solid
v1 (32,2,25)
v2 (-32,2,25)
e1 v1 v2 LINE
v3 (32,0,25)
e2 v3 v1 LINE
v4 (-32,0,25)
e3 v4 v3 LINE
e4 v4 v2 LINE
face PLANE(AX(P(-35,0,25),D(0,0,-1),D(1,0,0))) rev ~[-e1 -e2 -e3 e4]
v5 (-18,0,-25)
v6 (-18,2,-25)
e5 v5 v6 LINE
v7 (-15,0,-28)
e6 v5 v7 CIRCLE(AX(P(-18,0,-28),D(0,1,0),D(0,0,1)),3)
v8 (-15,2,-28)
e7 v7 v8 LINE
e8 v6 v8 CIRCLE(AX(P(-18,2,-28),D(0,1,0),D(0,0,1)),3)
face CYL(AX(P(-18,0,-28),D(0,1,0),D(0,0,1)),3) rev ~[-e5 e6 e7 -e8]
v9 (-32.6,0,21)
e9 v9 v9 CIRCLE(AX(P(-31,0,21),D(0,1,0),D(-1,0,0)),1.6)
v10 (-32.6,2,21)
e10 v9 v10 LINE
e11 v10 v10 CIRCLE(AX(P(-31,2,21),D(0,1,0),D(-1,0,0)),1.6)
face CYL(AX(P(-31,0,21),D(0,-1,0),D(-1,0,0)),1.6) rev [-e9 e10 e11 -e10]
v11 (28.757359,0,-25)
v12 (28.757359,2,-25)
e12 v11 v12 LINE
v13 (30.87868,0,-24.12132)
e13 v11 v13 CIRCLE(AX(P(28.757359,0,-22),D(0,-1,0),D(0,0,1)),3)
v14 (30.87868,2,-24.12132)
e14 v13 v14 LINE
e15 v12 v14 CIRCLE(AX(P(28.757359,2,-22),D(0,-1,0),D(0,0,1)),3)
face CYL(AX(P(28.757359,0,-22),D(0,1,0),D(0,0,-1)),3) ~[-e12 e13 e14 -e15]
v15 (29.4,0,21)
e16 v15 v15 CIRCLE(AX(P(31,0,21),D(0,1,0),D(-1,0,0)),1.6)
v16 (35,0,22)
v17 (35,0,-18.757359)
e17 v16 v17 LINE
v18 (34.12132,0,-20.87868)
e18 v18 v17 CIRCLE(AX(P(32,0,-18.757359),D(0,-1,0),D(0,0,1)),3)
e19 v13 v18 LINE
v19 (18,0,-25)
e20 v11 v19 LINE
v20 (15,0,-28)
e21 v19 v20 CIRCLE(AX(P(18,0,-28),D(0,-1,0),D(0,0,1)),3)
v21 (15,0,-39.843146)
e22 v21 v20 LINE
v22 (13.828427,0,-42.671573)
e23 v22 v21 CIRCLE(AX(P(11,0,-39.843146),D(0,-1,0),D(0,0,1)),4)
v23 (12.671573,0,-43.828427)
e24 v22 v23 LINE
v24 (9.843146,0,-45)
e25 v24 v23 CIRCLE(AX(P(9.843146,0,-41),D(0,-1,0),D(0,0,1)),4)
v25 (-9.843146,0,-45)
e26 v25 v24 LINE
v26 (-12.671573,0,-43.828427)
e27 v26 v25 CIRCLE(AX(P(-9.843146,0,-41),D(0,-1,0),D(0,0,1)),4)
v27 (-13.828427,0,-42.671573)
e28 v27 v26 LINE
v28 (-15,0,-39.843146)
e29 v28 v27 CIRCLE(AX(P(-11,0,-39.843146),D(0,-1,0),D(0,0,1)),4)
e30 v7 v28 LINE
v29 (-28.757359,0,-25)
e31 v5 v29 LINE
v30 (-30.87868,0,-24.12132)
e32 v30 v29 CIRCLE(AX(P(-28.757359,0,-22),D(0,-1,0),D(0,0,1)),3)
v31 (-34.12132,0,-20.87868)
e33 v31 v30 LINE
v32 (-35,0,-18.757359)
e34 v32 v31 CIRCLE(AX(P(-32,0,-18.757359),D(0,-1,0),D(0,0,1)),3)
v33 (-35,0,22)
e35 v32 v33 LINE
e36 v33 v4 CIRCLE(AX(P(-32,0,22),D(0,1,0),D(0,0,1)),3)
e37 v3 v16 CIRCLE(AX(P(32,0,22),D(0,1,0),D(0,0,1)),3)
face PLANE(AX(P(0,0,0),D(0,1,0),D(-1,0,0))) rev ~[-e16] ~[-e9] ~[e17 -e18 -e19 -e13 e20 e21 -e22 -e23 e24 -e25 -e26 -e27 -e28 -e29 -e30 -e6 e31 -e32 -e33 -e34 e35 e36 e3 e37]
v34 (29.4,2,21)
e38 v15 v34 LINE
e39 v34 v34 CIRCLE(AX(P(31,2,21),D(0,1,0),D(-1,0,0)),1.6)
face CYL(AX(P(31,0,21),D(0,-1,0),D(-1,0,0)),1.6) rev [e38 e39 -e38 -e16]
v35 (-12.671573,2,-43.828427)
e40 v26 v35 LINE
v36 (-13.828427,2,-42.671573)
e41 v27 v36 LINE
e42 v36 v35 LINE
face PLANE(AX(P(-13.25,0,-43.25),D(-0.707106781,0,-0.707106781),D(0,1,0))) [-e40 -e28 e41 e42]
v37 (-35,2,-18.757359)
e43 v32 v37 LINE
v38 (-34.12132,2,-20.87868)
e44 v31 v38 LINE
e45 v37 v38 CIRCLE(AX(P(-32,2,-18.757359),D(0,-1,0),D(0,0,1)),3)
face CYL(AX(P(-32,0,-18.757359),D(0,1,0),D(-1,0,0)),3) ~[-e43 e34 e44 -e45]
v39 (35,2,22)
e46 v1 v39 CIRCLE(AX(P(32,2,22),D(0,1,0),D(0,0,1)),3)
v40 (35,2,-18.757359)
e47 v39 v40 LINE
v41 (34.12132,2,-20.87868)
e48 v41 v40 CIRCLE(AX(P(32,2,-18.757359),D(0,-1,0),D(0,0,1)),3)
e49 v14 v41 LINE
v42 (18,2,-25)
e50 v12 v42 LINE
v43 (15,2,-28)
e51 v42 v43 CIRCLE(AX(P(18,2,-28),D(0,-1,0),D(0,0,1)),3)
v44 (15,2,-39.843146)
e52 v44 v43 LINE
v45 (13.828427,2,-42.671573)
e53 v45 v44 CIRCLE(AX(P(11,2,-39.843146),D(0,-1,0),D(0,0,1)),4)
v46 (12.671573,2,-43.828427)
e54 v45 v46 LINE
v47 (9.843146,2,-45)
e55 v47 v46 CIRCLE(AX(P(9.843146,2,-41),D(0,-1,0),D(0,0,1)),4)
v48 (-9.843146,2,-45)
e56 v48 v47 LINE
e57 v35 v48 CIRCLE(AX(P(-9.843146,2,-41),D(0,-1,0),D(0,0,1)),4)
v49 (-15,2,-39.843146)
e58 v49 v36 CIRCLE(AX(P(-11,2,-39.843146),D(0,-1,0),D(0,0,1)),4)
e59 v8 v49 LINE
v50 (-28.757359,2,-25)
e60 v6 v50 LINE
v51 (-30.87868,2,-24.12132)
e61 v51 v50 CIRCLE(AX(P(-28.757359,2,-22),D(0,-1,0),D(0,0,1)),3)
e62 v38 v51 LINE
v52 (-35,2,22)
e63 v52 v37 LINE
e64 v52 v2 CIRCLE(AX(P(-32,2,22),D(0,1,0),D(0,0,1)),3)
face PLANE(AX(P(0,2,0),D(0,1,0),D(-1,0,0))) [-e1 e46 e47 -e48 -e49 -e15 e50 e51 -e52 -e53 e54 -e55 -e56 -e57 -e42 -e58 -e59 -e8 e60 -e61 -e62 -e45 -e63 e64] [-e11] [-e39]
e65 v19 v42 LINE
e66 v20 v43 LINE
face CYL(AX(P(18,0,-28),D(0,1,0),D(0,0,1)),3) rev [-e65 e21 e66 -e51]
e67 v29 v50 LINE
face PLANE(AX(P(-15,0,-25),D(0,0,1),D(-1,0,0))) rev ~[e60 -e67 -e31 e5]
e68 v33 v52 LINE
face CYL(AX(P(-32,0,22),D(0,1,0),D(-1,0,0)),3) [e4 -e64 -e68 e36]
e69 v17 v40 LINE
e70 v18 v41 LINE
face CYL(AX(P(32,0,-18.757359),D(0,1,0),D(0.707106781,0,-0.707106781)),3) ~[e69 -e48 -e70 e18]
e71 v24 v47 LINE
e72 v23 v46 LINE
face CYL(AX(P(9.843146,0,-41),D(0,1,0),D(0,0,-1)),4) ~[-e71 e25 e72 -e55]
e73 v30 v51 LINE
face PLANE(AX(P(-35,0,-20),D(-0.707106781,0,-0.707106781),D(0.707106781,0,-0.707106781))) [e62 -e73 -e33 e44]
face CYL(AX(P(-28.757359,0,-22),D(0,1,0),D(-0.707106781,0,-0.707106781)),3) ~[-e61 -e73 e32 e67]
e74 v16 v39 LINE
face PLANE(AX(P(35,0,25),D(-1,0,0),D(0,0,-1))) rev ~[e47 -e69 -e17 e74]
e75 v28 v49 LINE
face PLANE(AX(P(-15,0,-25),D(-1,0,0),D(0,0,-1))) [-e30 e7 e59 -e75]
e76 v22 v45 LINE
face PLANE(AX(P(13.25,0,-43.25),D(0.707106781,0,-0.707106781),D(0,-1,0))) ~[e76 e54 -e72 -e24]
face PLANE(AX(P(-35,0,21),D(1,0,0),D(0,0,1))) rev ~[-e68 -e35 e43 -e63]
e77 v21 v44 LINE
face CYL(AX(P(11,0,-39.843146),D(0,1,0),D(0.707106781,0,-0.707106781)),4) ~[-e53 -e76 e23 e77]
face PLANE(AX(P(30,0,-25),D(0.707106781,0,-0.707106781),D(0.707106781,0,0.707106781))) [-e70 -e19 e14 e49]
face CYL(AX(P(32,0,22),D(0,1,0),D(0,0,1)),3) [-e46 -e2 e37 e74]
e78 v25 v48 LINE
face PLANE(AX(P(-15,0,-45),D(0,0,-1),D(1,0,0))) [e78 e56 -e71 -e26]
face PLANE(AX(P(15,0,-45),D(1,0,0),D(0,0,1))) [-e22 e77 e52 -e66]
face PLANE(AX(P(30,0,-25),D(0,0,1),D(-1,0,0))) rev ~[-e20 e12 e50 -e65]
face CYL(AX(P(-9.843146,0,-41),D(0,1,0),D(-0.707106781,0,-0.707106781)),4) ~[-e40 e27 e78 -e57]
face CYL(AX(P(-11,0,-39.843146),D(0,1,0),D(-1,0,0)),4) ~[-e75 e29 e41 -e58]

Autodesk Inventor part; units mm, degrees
ref_plane "YZ Plane" through (0, 0, 0) normal (1, 0, 0) x (0, 1, 0)
ref_plane "XZ Plane" through (0, 0, 0) normal (0, 1, 0) x (-1, 0, 0)
ref_plane "XY Plane" through (0, 0, 0) normal (0, 0, 1) x (1, 0, 0)
sketch "Sketch1" plane through (0, 0, 0) normal (0, 1, 0) x (-1, 0, 0)
  line L0 (35, 25) -> (-35, 25)
  line L1 (-35, 25) -> (-35, -20)
  line L2 (-30, -25) -> (30, -25)
  line L3 (35, -20) -> (35, 25)
  line L4 (35, 25) -> (-35, -25) construction
  line L5 (-35, 25) -> (35, -25) construction
  line L6 (35, 25) -> (31, 25)
  line L7 (31, 25) -> (31, 21) construction
  line L8 (31, 21) -> (35, 21) construction
  line L9 (35, 21) -> (35, 25)
  line L10 (0, 25) -> (0, -25) construction
  circle A0 centre (31, 21) radius 1.6
  circle A1 centre (-31, 21) radius 1.6
  line L11 (15, -45) -> (-15, -45)
  line L12 (-15, -45) -> (-15, -5)
  line L13 (-15, -5) -> (15, -5)
  line L14 (15, -5) -> (15, -45)
  line L15 (15, -45) -> (-15, -5) construction
  line L16 (-15, -45) -> (15, -5) construction
  line L17 (27, 17) -> (35, 17) construction
  line L18 (35, 17) -> (35, 25) construction
  line L19 (35, 25) -> (27, 25) construction
  line L20 (27, 25) -> (27, 17) construction
  line L21 (27, 17) -> (35, 25) construction
  line L22 (35, 17) -> (27, 25) construction
  line L23 (-27, 17) -> (-35, 17) construction
  line L24 (-35, 17) -> (-35, 25) construction
  line L25 (-35, 25) -> (-27, 25) construction
  line L26 (-27, 25) -> (-27, 17) construction
  line L27 (-27, 17) -> (-35, 25) construction
  line L28 (-35, 17) -> (-27, 25) construction
  line L29 (35, -20) -> (30, -25)
  line L30 (-30, -25) -> (-35, -20)
  point P0 (0, 0)
  point P1 (15, -25)
  point P2 (-15, -25)
  dimension "d0" = 70
  dimension "d1" = 50
  dimension "d11" = 4
  dimension "d12" = 4
  dimension "d13" = 3.2
  dimension "d14" = 30
  dimension "d15" = 40
  dimension "d16" = 5
  dimension "d17" = 5
  dimension "d18" = 5
  dimension "d19" = 5
extrude "Extrusion1" add sketch "Sketch1" along normal blind 2
fillet "Fillet1" radius 3 8 edges at (-35, 1, 25) (35, 1, 25) (-15, 1, -25) (15, 1, -25) (30, 1, -25) (35, 1, -20) (-35, 1, -20) (-30, 1, -25)
chamfer "Chamfer1" distance 3.5 angle 45 2 edges at (-15, 1, -45) (15, 1, -45)
fillet "Fillet3" radius 4 4 edges at (15, 1, -41.5) (11.5, 1, -45) (-11.5, 1, -45) (-15, 1, -41.5)
sketch "Sketch2" plane through (0, 2, 0) normal (0, 1, 0) x (1, 0, 0)
  arc A0 (-9.8431, 45) -> (-12.6716, 43.8284) centre (-9.8431, 41) ccw projected
  line L0 (-9.8431, 45) -> (9.8431, 45) projected
  arc A1 (12.6716, 43.8284) -> (9.8431, 45) centre (9.8431, 41) ccw projected
  line L1 (12.6716, 43.8284) -> (13.8284, 42.6716) projected
  arc A2 (15, 39.8431) -> (13.8284, 42.6716) centre (11, 39.8431) ccw projected
  line L2 (15, 39.8431) -> (15, 28) projected
  arc A3 (15, 28) -> (18, 25) centre (18, 28) ccw projected
  line L3 (18, 25) -> (28.7574, 25) projected
  arc A4 (30.8787, 24.1213) -> (28.7574, 25) centre (28.7574, 22) ccw projected
  line L4 (30.8787, 24.1213) -> (34.1213, 20.8787) projected
  arc A5 (35, 18.7574) -> (34.1213, 20.8787) centre (32, 18.7574) ccw projected
  line L5 (35, 18.7574) -> (35, -22) projected
  arc A6 (32, -25) -> (35, -22) centre (32, -22) ccw projected
  line L6 (32, -25) -> (-32, -25) projected
  arc A7 (-35, -22) -> (-32, -25) centre (-32, -22) ccw projected
  line L7 (-35, -22) -> (-35, 18.7574) projected
  arc A8 (-34.1213, 20.8787) -> (-35, 18.7574) centre (-32, 18.7574) ccw projected
  line L8 (-34.1213, 20.8787) -> (-30.8787, 24.1213) projected
  arc A9 (-28.7574, 25) -> (-30.8787, 24.1213) centre (-28.7574, 22) ccw projected
  line L9 (-28.7574, 25) -> (-18, 25) projected
  arc A10 (-18, 25) -> (-15, 28) centre (-18, 28) ccw projected
  line L10 (-15, 28) -> (-15, 39.8431) projected
  arc A11 (-13.8284, 42.6716) -> (-15, 39.8431) centre (-11, 39.8431) ccw projected
  line L11 (-13.8284, 42.6716) -> (-12.6716, 43.8284) projected
  circle A12 centre (31, -21) radius 1.6 projected
  circle A13 centre (-31, -21) radius 1.6 projected
  line L12 (-13.31, 26.23) -> (-13.31, 38.93)
  line L13 (-13.31, 38.93) -> (-8.23, 38.93)
  line L14 (-8.23, 38.93) -> (-8.23, 26.23)
  line L15 (-8.23, 26.23) -> (-13.31, 26.23)
  line L16 (-12.14, 37.96) -> (-12.34, 37.96)
  line L17 (-12.34, 37.96) -> (-12.34, 37.36)
  line L18 (-12.34, 37.36) -> (-12.14, 37.36)
  line L19 (-12.14, 37.36) -> (-12.14, 37.41)
  line L20 (-12.14, 37.41) -> (-11.94, 37.41)
  line L21 (-11.94, 37.41) -> (-11.94, 37.36)
  line L22 (-11.94, 37.36) -> (-11.74, 37.36)
  line L23 (-11.74, 37.36) -> (-11.74, 37.96)
  line L24 (-11.74, 37.96) -> (-11.94, 37.96)
  line L25 (-11.94, 37.96) -> (-11.94, 37.91)
  line L26 (-11.94, 37.91) -> (-12.14, 37.91)
  line L27 (-12.14, 37.91) -> (-12.14, 37.96)
  line L28 (-12.14, 35.42) -> (-12.34, 35.42)
  line L29 (-12.34, 35.42) -> (-12.34, 34.82)
  line L30 (-12.34, 34.82) -> (-12.14, 34.82)
  line L31 (-12.14, 34.82) -> (-12.14, 34.87)
  line L32 (-12.14, 34.87) -> (-11.94, 34.87)
  line L33 (-11.94, 34.87) -> (-11.94, 34.82)
  line L34 (-11.94, 34.82) -> (-11.74, 34.82)
  line L35 (-11.74, 34.82) -> (-11.74, 35.42)
  line L36 (-11.74, 35.42) -> (-11.94, 35.42)
  line L37 (-11.94, 35.42) -> (-11.94, 35.37)
  line L38 (-11.94, 35.37) -> (-12.14, 35.37)
  line L39 (-12.14, 35.37) -> (-12.14, 35.42)
  line L40 (-12.14, 32.88) -> (-12.34, 32.88)
  line L41 (-12.34, 32.88) -> (-12.34, 32.28)
  line L42 (-12.34, 32.28) -> (-12.14, 32.28)
  line L43 (-12.14, 32.28) -> (-12.14, 32.33)
  line L44 (-12.14, 32.33) -> (-11.94, 32.33)
  line L45 (-11.94, 32.33) -> (-11.94, 32.28)
  line L46 (-11.94, 32.28) -> (-11.74, 32.28)
  line L47 (-11.74, 32.28) -> (-11.74, 32.88)
  line L48 (-11.74, 32.88) -> (-11.94, 32.88)
  line L49 (-11.94, 32.88) -> (-11.94, 32.83)
  line L50 (-11.94, 32.83) -> (-12.14, 32.83)
  line L51 (-12.14, 32.83) -> (-12.14, 32.88)
  line L52 (-12.14, 30.34) -> (-12.34, 30.34)
  line L53 (-12.34, 30.34) -> (-12.34, 29.74)
  line L54 (-12.34, 29.74) -> (-12.14, 29.74)
  line L55 (-12.14, 29.74) -> (-12.14, 29.79)
  line L56 (-12.14, 29.79) -> (-11.94, 29.79)
  line L57 (-11.94, 29.79) -> (-11.94, 29.74)
  line L58 (-11.94, 29.74) -> (-11.74, 29.74)
  line L59 (-11.74, 29.74) -> (-11.74, 30.34)
  line L60 (-11.74, 30.34) -> (-11.94, 30.34)
  line L61 (-11.94, 30.34) -> (-11.94, 30.29)
  line L62 (-11.94, 30.29) -> (-12.14, 30.29)
  line L63 (-12.14, 30.29) -> (-12.14, 30.34)
  line L64 (-12.14, 27.8) -> (-12.34, 27.8)
  line L65 (-12.34, 27.8) -> (-12.34, 27.2)
  line L66 (-12.34, 27.2) -> (-12.14, 27.2)
  line L67 (-12.14, 27.2) -> (-12.14, 27.25)
  line L68 (-12.14, 27.25) -> (-11.94, 27.25)
  line L69 (-11.94, 27.25) -> (-11.94, 27.2)
  line L70 (-11.94, 27.2) -> (-11.74, 27.2)
  line L71 (-11.74, 27.2) -> (-11.74, 27.8)
  line L72 (-11.74, 27.8) -> (-11.94, 27.8)
  line L73 (-11.94, 27.8) -> (-11.94, 27.75)
  line L74 (-11.94, 27.75) -> (-12.14, 27.75)
  line L75 (-12.14, 27.75) -> (-12.14, 27.8)
  line L76 (-9.4, 37.36) -> (-9.2, 37.36)
  line L77 (-9.2, 37.36) -> (-9.2, 37.96)
  line L78 (-9.2, 37.96) -> (-9.4, 37.96)
  line L79 (-9.4, 37.96) -> (-9.4, 37.91)
  line L80 (-9.4, 37.91) -> (-9.6, 37.91)
  line L81 (-9.6, 37.91) -> (-9.6, 37.96)
  line L82 (-9.6, 37.96) -> (-9.8, 37.96)
  line L83 (-9.8, 37.96) -> (-9.8, 37.36)
  line L84 (-9.8, 37.36) -> (-9.6, 37.36)
  line L85 (-9.6, 37.36) -> (-9.6, 37.41)
  line L86 (-9.6, 37.41) -> (-9.4, 37.41)
  line L87 (-9.4, 37.41) -> (-9.4, 37.36)
  line L88 (-9.4, 34.82) -> (-9.2, 34.82)
  line L89 (-9.2, 34.82) -> (-9.2, 35.42)
  line L90 (-9.2, 35.42) -> (-9.4, 35.42)
  line L91 (-9.4, 35.42) -> (-9.4, 35.37)
  line L92 (-9.4, 35.37) -> (-9.6, 35.37)
  line L93 (-9.6, 35.37) -> (-9.6, 35.42)
  line L94 (-9.6, 35.42) -> (-9.8, 35.42)
  line L95 (-9.8, 35.42) -> (-9.8, 34.82)
  line L96 (-9.8, 34.82) -> (-9.6, 34.82)
  line L97 (-9.6, 34.82) -> (-9.6, 34.87)
  line L98 (-9.6, 34.87) -> (-9.4, 34.87)
  line L99 (-9.4, 34.87) -> (-9.4, 34.82)
  line L100 (-9.4, 32.28) -> (-9.2, 32.28)
  line L101 (-9.2, 32.28) -> (-9.2, 32.88)
  line L102 (-9.2, 32.88) -> (-9.4, 32.88)
  line L103 (-9.4, 32.88) -> (-9.4, 32.83)
  line L104 (-9.4, 32.83) -> (-9.6, 32.83)
  line L105 (-9.6, 32.83) -> (-9.6, 32.88)
  line L106 (-9.6, 32.88) -> (-9.8, 32.88)
  line L107 (-9.8, 32.88) -> (-9.8, 32.28)
  line L108 (-9.8, 32.28) -> (-9.6, 32.28)
  line L109 (-9.6, 32.28) -> (-9.6, 32.33)
  line L110 (-9.6, 32.33) -> (-9.4, 32.33)
  line L111 (-9.4, 32.33) -> (-9.4, 32.28)
  line L112 (-9.4, 29.74) -> (-9.2, 29.74)
  line L113 (-9.2, 29.74) -> (-9.2, 30.34)
  line L114 (-9.2, 30.34) -> (-9.4, 30.34)
  line L115 (-9.4, 30.34) -> (-9.4, 30.29)
  line L116 (-9.4, 30.29) -> (-9.6, 30.29)
  line L117 (-9.6, 30.29) -> (-9.6, 30.34)
  line L118 (-9.6, 30.34) -> (-9.8, 30.34)
  line L119 (-9.8, 30.34) -> (-9.8, 29.74)
  line L120 (-9.8, 29.74) -> (-9.6, 29.74)
  line L121 (-9.6, 29.74) -> (-9.6, 29.79)
  line L122 (-9.6, 29.79) -> (-9.4, 29.79)
  line L123 (-9.4, 29.79) -> (-9.4, 29.74)
  line L124 (-9.4, 27.2) -> (-9.2, 27.2)
  line L125 (-9.2, 27.2) -> (-9.2, 27.8)
  line L126 (-9.2, 27.8) -> (-9.4, 27.8)
  line L127 (-9.4, 27.8) -> (-9.4, 27.75)
  line L128 (-9.4, 27.75) -> (-9.6, 27.75)
  line L129 (-9.6, 27.75) -> (-9.6, 27.8)
  line L130 (-9.6, 27.8) -> (-9.8, 27.8)
  line L131 (-9.8, 27.8) -> (-9.8, 27.2)
  line L132 (-9.8, 27.2) -> (-9.6, 27.2)
  line L133 (-9.6, 27.2) -> (-9.6, 27.25)
  line L134 (-9.6, 27.25) -> (-9.4, 27.25)
  line L135 (-9.4, 27.25) -> (-9.4, 27.2)
  line L136 (8.23, 26.23) -> (8.23, 38.93)
  line L137 (8.23, 38.93) -> (13.31, 38.93)
  line L138 (13.31, 38.93) -> (13.31, 26.23)
  line L139 (13.31, 26.23) -> (8.23, 26.23)
  line L140 (9.4, 37.96) -> (9.2, 37.96)
  line L141 (9.2, 37.96) -> (9.2, 37.36)
  line L142 (9.2, 37.36) -> (9.4, 37.36)
  line L143 (9.4, 37.36) -> (9.4, 37.41)
  line L144 (9.4, 37.41) -> (9.6, 37.41)
  line L145 (9.6, 37.41) -> (9.6, 37.36)
  line L146 (9.6, 37.36) -> (9.8, 37.36)
  line L147 (9.8, 37.36) -> (9.8, 37.96)
  line L148 (9.8, 37.96) -> (9.6, 37.96)
  line L149 (9.6, 37.96) -> (9.6, 37.91)
  line L150 (9.6, 37.91) -> (9.4, 37.91)
  line L151 (9.4, 37.91) -> (9.4, 37.96)
  line L152 (9.4, 35.42) -> (9.2, 35.42)
  line L153 (9.2, 35.42) -> (9.2, 34.82)
  line L154 (9.2, 34.82) -> (9.4, 34.82)
  line L155 (9.4, 34.82) -> (9.4, 34.87)
  line L156 (9.4, 34.87) -> (9.6, 34.87)
  line L157 (9.6, 34.87) -> (9.6, 34.82)
  line L158 (9.6, 34.82) -> (9.8, 34.82)
  line L159 (9.8, 34.82) -> (9.8, 35.42)
  line L160 (9.8, 35.42) -> (9.6, 35.42)
  line L161 (9.6, 35.42) -> (9.6, 35.37)
  line L162 (9.6, 35.37) -> (9.4, 35.37)
  line L163 (9.4, 35.37) -> (9.4, 35.42)
  line L164 (9.4, 32.88) -> (9.2, 32.88)
  line L165 (9.2, 32.88) -> (9.2, 32.28)
  line L166 (9.2, 32.28) -> (9.4, 32.28)
  line L167 (9.4, 32.28) -> (9.4, 32.33)
  line L168 (9.4, 32.33) -> (9.6, 32.33)
  line L169 (9.6, 32.33) -> (9.6, 32.28)
  line L170 (9.6, 32.28) -> (9.8, 32.28)
  line L171 (9.8, 32.28) -> (9.8, 32.88)
  line L172 (9.8, 32.88) -> (9.6, 32.88)
  line L173 (9.6, 32.88) -> (9.6, 32.83)
  line L174 (9.6, 32.83) -> (9.4, 32.83)
  line L175 (9.4, 32.83) -> (9.4, 32.88)
  line L176 (9.4, 30.34) -> (9.2, 30.34)
  line L177 (9.2, 30.34) -> (9.2, 29.74)
  line L178 (9.2, 29.74) -> (9.4, 29.74)
  line L179 (9.4, 29.74) -> (9.4, 29.79)
  line L180 (9.4, 29.79) -> (9.6, 29.79)
  line L181 (9.6, 29.79) -> (9.6, 29.74)
  line L182 (9.6, 29.74) -> (9.8, 29.74)
  line L183 (9.8, 29.74) -> (9.8, 30.34)
  line L184 (9.8, 30.34) -> (9.6, 30.34)
  line L185 (9.6, 30.34) -> (9.6, 30.29)
  line L186 (9.6, 30.29) -> (9.4, 30.29)
  line L187 (9.4, 30.29) -> (9.4, 30.34)
  line L188 (9.4, 27.8) -> (9.2, 27.8)
  line L189 (9.2, 27.8) -> (9.2, 27.2)
  line L190 (9.2, 27.2) -> (9.4, 27.2)
  line L191 (9.4, 27.2) -> (9.4, 27.25)
  line L192 (9.4, 27.25) -> (9.6, 27.25)
  line L193 (9.6, 27.25) -> (9.6, 27.2)
  line L194 (9.6, 27.2) -> (9.8, 27.2)
  line L195 (9.8, 27.2) -> (9.8, 27.8)
  line L196 (9.8, 27.8) -> (9.6, 27.8)
  line L197 (9.6, 27.8) -> (9.6, 27.75)
  line L198 (9.6, 27.75) -> (9.4, 27.75)
  line L199 (9.4, 27.75) -> (9.4, 27.8)
  line L200 (12.14, 37.36) -> (12.34, 37.36)
  line L201 (12.34, 37.36) -> (12.34, 37.96)
  line L202 (12.34, 37.96) -> (12.14, 37.96)
  line L203 (12.14, 37.96) -> (12.14, 37.91)
  line L204 (12.14, 37.91) -> (11.94, 37.91)
  line L205 (11.94, 37.91) -> (11.94, 37.96)
  line L206 (11.94, 37.96) -> (11.74, 37.96)
  line L207 (11.74, 37.96) -> (11.74, 37.36)
  line L208 (11.74, 37.36) -> (11.94, 37.36)
  line L209 (11.94, 37.36) -> (11.94, 37.41)
  line L210 (11.94, 37.41) -> (12.14, 37.41)
  line L211 (12.14, 37.41) -> (12.14, 37.36)
  line L212 (12.14, 34.82) -> (12.34, 34.82)
  line L213 (12.34, 34.82) -> (12.34, 35.42)
  line L214 (12.34, 35.42) -> (12.14, 35.42)
  line L215 (12.14, 35.42) -> (12.14, 35.37)
  line L216 (12.14, 35.37) -> (11.94, 35.37)
  line L217 (11.94, 35.37) -> (11.94, 35.42)
  line L218 (11.94, 35.42) -> (11.74, 35.42)
  line L219 (11.74, 35.42) -> (11.74, 34.82)
  line L220 (11.74, 34.82) -> (11.94, 34.82)
  line L221 (11.94, 34.82) -> (11.94, 34.87)
  line L222 (11.94, 34.87) -> (12.14, 34.87)
  line L223 (12.14, 34.87) -> (12.14, 34.82)
  line L224 (12.14, 32.28) -> (12.34, 32.28)
  line L225 (12.34, 32.28) -> (12.34, 32.88)
  line L226 (12.34, 32.88) -> (12.14, 32.88)
  line L227 (12.14, 32.88) -> (12.14, 32.83)
  line L228 (12.14, 32.83) -> (11.94, 32.83)
  line L229 (11.94, 32.83) -> (11.94, 32.88)
  line L230 (11.94, 32.88) -> (11.74, 32.88)
  line L231 (11.74, 32.88) -> (11.74, 32.28)
  line L232 (11.74, 32.28) -> (11.94, 32.28)
  line L233 (11.94, 32.28) -> (11.94, 32.33)
  line L234 (11.94, 32.33) -> (12.14, 32.33)
  line L235 (12.14, 32.33) -> (12.14, 32.28)
  line L236 (12.14, 29.74) -> (12.34, 29.74)
  line L237 (12.34, 29.74) -> (12.34, 30.34)
  line L238 (12.34, 30.34) -> (12.14, 30.34)
  line L239 (12.14, 30.34) -> (12.14, 30.29)
  line L240 (12.14, 30.29) -> (11.94, 30.29)
  line L241 (11.94, 30.29) -> (11.94, 30.34)
  line L242 (11.94, 30.34) -> (11.74, 30.34)
  line L243 (11.74, 30.34) -> (11.74, 29.74)
  line L244 (11.74, 29.74) -> (11.94, 29.74)
  line L245 (11.94, 29.74) -> (11.94, 29.79)
  line L246 (11.94, 29.79) -> (12.14, 29.79)
  line L247 (12.14, 29.79) -> (12.14, 29.74)
  line L248 (12.14, 27.2) -> (12.34, 27.2)
  line L249 (12.34, 27.2) -> (12.34, 27.8)
  line L250 (12.34, 27.8) -> (12.14, 27.8)
  line L251 (12.14, 27.8) -> (12.14, 27.75)
  line L252 (12.14, 27.75) -> (11.94, 27.75)
  line L253 (11.94, 27.75) -> (11.94, 27.8)
  line L254 (11.94, 27.8) -> (11.74, 27.8)
  line L255 (11.74, 27.8) -> (11.74, 27.2)
  line L256 (11.74, 27.2) -> (11.94, 27.2)
  line L257 (11.94, 27.2) -> (11.94, 27.25)
  line L258 (11.94, 27.25) -> (12.14, 27.25)
  line L259 (12.14, 27.25) -> (12.14, 27.2)
  point P0 (0, 0)
sketch "Sketch3" plane through (0, 2, 0) normal (0, 1, 0) x (1, 0, 0)
  point P0 (0, 0)
equation "\"d17\" = d16"
equation "\"d18\" = d16"
equation "\"d19\" = d18"
properties part number "Motor Driver Board"
